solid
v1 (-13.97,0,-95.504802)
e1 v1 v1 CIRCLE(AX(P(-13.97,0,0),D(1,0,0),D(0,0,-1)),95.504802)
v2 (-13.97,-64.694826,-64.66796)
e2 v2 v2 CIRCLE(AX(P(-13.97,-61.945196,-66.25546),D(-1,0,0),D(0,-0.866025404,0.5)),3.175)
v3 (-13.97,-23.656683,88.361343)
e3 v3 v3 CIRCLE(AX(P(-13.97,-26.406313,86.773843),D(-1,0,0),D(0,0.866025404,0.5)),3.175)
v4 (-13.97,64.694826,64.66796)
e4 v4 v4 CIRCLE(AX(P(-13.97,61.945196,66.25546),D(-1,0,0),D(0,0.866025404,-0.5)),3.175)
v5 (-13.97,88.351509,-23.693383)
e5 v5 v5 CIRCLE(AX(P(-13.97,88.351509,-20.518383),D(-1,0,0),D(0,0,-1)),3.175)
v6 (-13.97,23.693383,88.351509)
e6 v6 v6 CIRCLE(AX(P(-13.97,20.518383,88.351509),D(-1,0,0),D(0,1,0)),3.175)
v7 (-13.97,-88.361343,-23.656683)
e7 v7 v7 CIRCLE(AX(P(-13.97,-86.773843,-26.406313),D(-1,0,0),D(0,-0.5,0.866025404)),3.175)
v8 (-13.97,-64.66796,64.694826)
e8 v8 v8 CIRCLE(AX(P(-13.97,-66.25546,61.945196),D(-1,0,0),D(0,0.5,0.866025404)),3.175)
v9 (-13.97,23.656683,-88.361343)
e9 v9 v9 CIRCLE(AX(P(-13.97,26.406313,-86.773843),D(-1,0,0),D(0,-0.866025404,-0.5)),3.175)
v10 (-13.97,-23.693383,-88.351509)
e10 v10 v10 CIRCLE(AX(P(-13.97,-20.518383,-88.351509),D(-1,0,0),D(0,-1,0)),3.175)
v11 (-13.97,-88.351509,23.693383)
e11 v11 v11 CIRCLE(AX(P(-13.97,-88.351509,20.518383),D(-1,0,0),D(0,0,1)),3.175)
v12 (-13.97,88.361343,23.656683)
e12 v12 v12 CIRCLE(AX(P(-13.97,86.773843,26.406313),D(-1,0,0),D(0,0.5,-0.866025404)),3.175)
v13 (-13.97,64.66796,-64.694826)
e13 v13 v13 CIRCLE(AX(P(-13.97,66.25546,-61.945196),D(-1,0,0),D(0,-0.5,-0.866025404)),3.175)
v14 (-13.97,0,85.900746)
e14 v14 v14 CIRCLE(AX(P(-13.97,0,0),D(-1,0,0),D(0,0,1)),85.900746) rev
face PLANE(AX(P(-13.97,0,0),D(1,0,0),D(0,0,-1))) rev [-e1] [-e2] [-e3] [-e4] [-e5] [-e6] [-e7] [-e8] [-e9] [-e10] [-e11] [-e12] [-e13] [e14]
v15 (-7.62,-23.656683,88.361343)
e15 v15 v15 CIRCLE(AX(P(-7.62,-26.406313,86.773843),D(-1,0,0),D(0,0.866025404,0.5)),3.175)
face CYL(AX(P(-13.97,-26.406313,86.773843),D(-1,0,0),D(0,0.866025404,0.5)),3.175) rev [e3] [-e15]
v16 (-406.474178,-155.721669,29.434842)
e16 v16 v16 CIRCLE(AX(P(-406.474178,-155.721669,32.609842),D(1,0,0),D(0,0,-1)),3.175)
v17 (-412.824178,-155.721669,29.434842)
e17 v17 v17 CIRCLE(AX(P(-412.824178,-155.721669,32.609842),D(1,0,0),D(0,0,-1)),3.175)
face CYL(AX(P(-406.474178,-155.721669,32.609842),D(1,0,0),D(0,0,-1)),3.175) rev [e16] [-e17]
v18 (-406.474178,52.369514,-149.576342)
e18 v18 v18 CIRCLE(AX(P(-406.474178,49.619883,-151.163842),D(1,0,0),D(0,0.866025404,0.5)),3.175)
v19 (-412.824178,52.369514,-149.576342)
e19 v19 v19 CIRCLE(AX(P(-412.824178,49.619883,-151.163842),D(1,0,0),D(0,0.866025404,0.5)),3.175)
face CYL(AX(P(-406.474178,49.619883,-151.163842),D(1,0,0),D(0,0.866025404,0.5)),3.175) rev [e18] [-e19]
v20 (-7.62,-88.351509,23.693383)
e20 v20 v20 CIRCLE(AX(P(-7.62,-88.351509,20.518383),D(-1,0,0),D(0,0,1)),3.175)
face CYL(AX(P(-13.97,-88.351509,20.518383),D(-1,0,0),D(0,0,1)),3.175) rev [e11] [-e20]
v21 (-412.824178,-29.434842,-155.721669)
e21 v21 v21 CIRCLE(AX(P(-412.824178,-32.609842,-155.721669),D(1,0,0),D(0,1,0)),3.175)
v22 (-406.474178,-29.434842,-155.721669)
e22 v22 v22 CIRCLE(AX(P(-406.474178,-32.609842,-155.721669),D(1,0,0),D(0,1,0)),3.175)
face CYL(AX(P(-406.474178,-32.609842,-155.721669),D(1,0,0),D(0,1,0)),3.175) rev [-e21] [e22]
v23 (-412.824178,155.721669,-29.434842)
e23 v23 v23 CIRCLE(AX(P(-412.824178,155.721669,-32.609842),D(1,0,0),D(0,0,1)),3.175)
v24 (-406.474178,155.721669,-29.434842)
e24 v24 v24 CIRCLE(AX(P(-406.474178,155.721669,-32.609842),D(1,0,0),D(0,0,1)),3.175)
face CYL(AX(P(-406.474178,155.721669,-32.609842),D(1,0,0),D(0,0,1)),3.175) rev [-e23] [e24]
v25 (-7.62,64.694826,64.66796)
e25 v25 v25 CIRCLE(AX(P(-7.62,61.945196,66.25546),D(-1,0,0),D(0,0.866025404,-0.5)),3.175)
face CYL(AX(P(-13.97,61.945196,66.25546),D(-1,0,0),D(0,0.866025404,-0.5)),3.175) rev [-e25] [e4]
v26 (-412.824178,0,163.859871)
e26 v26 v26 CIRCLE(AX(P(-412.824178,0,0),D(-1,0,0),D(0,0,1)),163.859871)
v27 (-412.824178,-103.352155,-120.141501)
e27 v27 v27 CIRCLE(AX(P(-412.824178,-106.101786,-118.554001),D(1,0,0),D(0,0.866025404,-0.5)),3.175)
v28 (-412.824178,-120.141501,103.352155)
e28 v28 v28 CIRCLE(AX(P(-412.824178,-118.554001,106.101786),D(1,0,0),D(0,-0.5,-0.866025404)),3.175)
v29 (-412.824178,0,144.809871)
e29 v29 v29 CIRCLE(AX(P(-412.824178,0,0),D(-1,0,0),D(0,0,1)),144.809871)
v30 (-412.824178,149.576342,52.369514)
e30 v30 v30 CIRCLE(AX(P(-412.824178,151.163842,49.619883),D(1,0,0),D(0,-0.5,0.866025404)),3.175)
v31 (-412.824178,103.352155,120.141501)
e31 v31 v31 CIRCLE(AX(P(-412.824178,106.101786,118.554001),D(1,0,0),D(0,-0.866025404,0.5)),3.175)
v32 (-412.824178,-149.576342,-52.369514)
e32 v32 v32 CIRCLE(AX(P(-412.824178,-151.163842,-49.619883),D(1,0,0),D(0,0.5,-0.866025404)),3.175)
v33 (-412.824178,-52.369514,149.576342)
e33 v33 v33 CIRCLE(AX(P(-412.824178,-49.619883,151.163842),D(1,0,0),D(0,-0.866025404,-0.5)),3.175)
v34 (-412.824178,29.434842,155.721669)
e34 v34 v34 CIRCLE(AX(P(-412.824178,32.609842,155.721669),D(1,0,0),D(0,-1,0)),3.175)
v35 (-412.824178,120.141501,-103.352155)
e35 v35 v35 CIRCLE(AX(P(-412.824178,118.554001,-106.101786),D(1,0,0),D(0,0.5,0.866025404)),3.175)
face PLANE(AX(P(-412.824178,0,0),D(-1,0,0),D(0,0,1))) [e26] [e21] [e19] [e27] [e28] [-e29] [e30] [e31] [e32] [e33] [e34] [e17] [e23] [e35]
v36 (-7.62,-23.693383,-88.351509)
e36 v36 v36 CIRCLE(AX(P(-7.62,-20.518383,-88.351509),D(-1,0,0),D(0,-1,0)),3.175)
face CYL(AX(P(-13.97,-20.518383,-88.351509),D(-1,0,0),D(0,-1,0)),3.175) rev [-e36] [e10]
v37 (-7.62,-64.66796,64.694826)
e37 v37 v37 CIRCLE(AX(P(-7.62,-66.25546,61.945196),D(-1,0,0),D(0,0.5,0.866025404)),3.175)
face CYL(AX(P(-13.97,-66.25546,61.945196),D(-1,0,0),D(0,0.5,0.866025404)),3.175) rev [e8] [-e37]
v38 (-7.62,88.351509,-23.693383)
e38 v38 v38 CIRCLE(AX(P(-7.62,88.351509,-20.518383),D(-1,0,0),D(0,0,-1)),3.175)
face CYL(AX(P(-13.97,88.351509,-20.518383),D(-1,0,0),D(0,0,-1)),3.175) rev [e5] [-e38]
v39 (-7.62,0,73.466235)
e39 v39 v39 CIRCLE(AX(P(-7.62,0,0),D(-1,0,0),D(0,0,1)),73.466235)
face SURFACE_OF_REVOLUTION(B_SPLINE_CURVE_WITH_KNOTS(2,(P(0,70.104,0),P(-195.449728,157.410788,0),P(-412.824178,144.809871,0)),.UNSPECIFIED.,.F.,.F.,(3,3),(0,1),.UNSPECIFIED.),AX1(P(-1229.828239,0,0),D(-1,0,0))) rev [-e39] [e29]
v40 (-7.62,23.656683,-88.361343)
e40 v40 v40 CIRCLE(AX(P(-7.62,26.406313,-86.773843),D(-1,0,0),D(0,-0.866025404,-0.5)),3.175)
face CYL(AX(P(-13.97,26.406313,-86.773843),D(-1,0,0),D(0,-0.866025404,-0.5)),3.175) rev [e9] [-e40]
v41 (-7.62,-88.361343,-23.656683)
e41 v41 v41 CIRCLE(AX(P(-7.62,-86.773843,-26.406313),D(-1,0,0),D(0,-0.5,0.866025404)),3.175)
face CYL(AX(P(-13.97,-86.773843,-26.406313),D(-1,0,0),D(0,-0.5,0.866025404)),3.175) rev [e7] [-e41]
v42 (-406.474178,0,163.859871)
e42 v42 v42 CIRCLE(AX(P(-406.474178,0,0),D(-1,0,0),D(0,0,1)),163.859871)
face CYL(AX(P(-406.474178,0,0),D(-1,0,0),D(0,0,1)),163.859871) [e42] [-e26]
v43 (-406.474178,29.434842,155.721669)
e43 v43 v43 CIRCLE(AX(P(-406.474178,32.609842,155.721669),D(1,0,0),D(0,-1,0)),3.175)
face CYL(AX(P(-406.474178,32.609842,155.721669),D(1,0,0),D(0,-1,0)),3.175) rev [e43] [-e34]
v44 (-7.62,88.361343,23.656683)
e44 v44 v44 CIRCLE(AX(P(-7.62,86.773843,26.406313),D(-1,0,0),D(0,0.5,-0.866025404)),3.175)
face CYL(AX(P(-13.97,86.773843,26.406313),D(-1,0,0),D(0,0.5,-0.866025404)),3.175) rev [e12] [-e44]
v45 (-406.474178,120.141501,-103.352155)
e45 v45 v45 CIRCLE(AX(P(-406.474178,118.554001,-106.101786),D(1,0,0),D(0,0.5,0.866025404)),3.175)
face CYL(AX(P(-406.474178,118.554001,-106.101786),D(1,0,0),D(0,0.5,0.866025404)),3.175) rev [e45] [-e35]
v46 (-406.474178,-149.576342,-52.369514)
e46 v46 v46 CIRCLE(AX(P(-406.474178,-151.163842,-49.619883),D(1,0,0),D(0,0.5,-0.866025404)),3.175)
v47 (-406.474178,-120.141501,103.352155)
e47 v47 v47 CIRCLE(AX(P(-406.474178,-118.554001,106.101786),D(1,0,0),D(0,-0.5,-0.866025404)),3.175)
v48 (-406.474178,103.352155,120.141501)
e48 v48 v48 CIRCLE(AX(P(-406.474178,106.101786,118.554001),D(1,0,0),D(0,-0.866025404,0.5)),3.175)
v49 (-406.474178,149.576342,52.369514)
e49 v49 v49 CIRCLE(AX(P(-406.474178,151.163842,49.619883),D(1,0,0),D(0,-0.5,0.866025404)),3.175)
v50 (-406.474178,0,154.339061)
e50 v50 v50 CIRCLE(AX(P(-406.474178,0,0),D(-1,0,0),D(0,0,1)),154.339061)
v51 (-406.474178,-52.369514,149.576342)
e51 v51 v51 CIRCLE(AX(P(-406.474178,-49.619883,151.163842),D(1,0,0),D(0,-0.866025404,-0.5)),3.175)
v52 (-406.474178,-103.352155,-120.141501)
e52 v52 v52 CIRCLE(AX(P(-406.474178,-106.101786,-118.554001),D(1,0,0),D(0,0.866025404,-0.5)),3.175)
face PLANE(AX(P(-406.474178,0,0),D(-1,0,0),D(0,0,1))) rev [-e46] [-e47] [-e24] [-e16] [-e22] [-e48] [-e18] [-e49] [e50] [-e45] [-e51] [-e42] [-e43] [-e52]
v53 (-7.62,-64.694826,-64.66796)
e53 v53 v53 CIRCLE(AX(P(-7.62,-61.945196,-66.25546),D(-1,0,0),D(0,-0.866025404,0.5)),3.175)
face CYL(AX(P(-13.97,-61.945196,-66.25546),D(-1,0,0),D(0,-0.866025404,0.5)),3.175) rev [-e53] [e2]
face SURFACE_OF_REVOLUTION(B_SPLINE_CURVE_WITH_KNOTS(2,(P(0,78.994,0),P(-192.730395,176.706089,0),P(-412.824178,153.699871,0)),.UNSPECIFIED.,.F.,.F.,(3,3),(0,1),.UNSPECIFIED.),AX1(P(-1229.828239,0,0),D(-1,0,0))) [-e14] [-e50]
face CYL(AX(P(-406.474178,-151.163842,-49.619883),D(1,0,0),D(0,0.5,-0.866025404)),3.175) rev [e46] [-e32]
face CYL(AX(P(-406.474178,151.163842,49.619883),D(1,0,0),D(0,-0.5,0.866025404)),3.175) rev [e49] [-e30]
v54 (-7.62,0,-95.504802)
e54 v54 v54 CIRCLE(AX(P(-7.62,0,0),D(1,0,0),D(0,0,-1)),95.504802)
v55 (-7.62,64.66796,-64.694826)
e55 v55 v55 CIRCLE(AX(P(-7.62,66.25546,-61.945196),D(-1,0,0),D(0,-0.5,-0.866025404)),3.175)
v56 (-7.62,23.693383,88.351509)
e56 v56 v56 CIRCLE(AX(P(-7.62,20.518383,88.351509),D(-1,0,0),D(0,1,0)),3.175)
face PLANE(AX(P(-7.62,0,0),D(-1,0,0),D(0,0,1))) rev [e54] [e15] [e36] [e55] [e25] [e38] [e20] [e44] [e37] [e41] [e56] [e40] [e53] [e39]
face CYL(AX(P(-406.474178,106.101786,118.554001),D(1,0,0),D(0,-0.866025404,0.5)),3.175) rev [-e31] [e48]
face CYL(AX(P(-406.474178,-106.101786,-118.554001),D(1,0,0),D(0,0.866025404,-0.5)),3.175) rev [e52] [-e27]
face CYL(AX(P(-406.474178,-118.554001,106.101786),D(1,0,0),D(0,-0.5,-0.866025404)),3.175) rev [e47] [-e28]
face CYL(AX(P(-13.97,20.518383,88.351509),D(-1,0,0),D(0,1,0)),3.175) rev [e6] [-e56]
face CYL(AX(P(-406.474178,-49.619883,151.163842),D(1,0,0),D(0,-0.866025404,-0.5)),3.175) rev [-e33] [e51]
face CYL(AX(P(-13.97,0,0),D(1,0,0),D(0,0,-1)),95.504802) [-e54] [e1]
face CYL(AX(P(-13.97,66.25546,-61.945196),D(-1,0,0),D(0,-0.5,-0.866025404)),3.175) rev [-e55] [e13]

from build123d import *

# Parameters (mm, degrees)
SKETCH4_W           = 2299.140163329
SKETCH4_H           = 1084.867048291
CUT_EXTRUDE1_DEPTH  = 782.066
SKETCH5_R           = 95.504801646
SKETCH5_R_2         = 82.804801646
BOSS_EXTRUDE1_DEPTH = 6.35
SKETCH6_R           = 163.859870936
SKETCH6_R_2         = 153.699870936
BOSS_EXTRUDE2_DEPTH = 6.35
CIRPATTERN1_COUNT   = 12
CIRPATTERN2_COUNT   = 12


with BuildPart() as part:
    # Sketch1 → Revolve3 (revolve)
    with BuildSketch(Plane.XY):
        with BuildLine():
            add(Edge.make_bspline(
                [(0, 78.994), (170.262088596, 327.756991404), (500, 339.09)],
                knots=[0, 0, 0, 1, 1, 1], degree=2))
            Line((500, 339.09), (500, 330.2))
            add(Edge.make_bspline(
                [(0, 70.104), (170.262088596, 318.866991404), (500, 330.2)],
                knots=[0, 0, 0, 1, 1, 1], degree=2))
            add(Edge.make_bspline(
                [(0, 70.104), (-195.449728047, 157.410787998), (-412.824178468, 144.809870936)],
                knots=[0, 0, 0, 1, 1, 1], degree=2))
            Line((-412.824178468, 144.809870936), (-412.824178468, 153.699870936))
            add(Edge.make_bspline(
                [(0, 78.994), (-192.730394607, 176.706088879), (-412.824178468, 153.699870936)],
                knots=[0, 0, 0, 1, 1, 1], degree=2))
        make_face()
    revolve(axis=Axis((-1229.828239288, 0, 0), (1, 0, 0)))

    # Sketch4 → Cut-Extrude1 (cut)
    with BuildSketch(Plane.ZY.offset(7.62)):
        with Locations((-63.658537287, 96.480710784)):
            Rectangle(SKETCH4_W, SKETCH4_H)
    extrude(amount=-CUT_EXTRUDE1_DEPTH, mode=Mode.SUBTRACT)

    # Sketch5 → Boss-Extrude1 (add)
    with BuildSketch(Plane(origin=(-7.62, 0, 0), x_dir=(0, 0, -1), z_dir=(1, 0, 0))):
        Circle(SKETCH5_R)
        Circle(SKETCH5_R_2, mode=Mode.SUBTRACT)
    extrude(amount=-BOSS_EXTRUDE1_DEPTH)

    # Sketch6 → Boss-Extrude2 (add)
    with BuildSketch(Plane.ZY.offset(412.824178468)):
        Circle(SKETCH6_R)
        Circle(SKETCH6_R_2, mode=Mode.SUBTRACT)
    extrude(amount=-BOSS_EXTRUDE2_DEPTH)

    # Sketch8 → 1/4 (0.25) Diameter Hole1 (revolve, cut)
    with BuildSketch(Plane(origin=(-13.97, -88.351509107, 20.518383176), x_dir=(0, 0, 1), z_dir=(0, 1, 0))):
        Polygon((0, 0), (0, 8.257732465), (3.175, 6.35), (3.175, 0), align=None)
    f_1_4_0_25_diameter_hole1 = revolve(axis=Axis((-20.32, -88.351509107, 20.518383176), (1, 0, 0)), mode=Mode.SUBTRACT)

    # CirPattern1: 1/4 (0.25) Diameter Hole1 ×12 about axis
    cirpattern1_axis = Axis((0, 0, 0), (1, 0, 0))
    for i in range(1, CIRPATTERN1_COUNT):
        add(f_1_4_0_25_diameter_hole1.rotate(cirpattern1_axis, i * 360 / CIRPATTERN1_COUNT), mode=Mode.SUBTRACT)

    # Sketch10 → 1/4 (0.25) Diameter Hole2 (revolve, cut)
    with BuildSketch(Plane(origin=(-406.474178468, -155.721669204, 32.609841658), x_dir=(0, 0, -1), z_dir=(0, 1, 0))):
        Polygon((0, 0), (0, 8.257732465), (3.175, 6.35), (3.175, 0), align=None)
    f_1_4_0_25_diameter_hole2 = revolve(axis=Axis((-400.124178468, -155.721669204, 32.609841658), (-1, 0, 0)), mode=Mode.SUBTRACT)

    # CirPattern2: 1/4 (0.25) Diameter Hole2 ×12 about axis
    cirpattern2_axis = Axis((0, 0, 0), (1, 0, 0))
    for i in range(1, CIRPATTERN2_COUNT):
        add(f_1_4_0_25_diameter_hole2.rotate(cirpattern2_axis, i * 360 / CIRPATTERN2_COUNT), mode=Mode.SUBTRACT)


solid = part.part
